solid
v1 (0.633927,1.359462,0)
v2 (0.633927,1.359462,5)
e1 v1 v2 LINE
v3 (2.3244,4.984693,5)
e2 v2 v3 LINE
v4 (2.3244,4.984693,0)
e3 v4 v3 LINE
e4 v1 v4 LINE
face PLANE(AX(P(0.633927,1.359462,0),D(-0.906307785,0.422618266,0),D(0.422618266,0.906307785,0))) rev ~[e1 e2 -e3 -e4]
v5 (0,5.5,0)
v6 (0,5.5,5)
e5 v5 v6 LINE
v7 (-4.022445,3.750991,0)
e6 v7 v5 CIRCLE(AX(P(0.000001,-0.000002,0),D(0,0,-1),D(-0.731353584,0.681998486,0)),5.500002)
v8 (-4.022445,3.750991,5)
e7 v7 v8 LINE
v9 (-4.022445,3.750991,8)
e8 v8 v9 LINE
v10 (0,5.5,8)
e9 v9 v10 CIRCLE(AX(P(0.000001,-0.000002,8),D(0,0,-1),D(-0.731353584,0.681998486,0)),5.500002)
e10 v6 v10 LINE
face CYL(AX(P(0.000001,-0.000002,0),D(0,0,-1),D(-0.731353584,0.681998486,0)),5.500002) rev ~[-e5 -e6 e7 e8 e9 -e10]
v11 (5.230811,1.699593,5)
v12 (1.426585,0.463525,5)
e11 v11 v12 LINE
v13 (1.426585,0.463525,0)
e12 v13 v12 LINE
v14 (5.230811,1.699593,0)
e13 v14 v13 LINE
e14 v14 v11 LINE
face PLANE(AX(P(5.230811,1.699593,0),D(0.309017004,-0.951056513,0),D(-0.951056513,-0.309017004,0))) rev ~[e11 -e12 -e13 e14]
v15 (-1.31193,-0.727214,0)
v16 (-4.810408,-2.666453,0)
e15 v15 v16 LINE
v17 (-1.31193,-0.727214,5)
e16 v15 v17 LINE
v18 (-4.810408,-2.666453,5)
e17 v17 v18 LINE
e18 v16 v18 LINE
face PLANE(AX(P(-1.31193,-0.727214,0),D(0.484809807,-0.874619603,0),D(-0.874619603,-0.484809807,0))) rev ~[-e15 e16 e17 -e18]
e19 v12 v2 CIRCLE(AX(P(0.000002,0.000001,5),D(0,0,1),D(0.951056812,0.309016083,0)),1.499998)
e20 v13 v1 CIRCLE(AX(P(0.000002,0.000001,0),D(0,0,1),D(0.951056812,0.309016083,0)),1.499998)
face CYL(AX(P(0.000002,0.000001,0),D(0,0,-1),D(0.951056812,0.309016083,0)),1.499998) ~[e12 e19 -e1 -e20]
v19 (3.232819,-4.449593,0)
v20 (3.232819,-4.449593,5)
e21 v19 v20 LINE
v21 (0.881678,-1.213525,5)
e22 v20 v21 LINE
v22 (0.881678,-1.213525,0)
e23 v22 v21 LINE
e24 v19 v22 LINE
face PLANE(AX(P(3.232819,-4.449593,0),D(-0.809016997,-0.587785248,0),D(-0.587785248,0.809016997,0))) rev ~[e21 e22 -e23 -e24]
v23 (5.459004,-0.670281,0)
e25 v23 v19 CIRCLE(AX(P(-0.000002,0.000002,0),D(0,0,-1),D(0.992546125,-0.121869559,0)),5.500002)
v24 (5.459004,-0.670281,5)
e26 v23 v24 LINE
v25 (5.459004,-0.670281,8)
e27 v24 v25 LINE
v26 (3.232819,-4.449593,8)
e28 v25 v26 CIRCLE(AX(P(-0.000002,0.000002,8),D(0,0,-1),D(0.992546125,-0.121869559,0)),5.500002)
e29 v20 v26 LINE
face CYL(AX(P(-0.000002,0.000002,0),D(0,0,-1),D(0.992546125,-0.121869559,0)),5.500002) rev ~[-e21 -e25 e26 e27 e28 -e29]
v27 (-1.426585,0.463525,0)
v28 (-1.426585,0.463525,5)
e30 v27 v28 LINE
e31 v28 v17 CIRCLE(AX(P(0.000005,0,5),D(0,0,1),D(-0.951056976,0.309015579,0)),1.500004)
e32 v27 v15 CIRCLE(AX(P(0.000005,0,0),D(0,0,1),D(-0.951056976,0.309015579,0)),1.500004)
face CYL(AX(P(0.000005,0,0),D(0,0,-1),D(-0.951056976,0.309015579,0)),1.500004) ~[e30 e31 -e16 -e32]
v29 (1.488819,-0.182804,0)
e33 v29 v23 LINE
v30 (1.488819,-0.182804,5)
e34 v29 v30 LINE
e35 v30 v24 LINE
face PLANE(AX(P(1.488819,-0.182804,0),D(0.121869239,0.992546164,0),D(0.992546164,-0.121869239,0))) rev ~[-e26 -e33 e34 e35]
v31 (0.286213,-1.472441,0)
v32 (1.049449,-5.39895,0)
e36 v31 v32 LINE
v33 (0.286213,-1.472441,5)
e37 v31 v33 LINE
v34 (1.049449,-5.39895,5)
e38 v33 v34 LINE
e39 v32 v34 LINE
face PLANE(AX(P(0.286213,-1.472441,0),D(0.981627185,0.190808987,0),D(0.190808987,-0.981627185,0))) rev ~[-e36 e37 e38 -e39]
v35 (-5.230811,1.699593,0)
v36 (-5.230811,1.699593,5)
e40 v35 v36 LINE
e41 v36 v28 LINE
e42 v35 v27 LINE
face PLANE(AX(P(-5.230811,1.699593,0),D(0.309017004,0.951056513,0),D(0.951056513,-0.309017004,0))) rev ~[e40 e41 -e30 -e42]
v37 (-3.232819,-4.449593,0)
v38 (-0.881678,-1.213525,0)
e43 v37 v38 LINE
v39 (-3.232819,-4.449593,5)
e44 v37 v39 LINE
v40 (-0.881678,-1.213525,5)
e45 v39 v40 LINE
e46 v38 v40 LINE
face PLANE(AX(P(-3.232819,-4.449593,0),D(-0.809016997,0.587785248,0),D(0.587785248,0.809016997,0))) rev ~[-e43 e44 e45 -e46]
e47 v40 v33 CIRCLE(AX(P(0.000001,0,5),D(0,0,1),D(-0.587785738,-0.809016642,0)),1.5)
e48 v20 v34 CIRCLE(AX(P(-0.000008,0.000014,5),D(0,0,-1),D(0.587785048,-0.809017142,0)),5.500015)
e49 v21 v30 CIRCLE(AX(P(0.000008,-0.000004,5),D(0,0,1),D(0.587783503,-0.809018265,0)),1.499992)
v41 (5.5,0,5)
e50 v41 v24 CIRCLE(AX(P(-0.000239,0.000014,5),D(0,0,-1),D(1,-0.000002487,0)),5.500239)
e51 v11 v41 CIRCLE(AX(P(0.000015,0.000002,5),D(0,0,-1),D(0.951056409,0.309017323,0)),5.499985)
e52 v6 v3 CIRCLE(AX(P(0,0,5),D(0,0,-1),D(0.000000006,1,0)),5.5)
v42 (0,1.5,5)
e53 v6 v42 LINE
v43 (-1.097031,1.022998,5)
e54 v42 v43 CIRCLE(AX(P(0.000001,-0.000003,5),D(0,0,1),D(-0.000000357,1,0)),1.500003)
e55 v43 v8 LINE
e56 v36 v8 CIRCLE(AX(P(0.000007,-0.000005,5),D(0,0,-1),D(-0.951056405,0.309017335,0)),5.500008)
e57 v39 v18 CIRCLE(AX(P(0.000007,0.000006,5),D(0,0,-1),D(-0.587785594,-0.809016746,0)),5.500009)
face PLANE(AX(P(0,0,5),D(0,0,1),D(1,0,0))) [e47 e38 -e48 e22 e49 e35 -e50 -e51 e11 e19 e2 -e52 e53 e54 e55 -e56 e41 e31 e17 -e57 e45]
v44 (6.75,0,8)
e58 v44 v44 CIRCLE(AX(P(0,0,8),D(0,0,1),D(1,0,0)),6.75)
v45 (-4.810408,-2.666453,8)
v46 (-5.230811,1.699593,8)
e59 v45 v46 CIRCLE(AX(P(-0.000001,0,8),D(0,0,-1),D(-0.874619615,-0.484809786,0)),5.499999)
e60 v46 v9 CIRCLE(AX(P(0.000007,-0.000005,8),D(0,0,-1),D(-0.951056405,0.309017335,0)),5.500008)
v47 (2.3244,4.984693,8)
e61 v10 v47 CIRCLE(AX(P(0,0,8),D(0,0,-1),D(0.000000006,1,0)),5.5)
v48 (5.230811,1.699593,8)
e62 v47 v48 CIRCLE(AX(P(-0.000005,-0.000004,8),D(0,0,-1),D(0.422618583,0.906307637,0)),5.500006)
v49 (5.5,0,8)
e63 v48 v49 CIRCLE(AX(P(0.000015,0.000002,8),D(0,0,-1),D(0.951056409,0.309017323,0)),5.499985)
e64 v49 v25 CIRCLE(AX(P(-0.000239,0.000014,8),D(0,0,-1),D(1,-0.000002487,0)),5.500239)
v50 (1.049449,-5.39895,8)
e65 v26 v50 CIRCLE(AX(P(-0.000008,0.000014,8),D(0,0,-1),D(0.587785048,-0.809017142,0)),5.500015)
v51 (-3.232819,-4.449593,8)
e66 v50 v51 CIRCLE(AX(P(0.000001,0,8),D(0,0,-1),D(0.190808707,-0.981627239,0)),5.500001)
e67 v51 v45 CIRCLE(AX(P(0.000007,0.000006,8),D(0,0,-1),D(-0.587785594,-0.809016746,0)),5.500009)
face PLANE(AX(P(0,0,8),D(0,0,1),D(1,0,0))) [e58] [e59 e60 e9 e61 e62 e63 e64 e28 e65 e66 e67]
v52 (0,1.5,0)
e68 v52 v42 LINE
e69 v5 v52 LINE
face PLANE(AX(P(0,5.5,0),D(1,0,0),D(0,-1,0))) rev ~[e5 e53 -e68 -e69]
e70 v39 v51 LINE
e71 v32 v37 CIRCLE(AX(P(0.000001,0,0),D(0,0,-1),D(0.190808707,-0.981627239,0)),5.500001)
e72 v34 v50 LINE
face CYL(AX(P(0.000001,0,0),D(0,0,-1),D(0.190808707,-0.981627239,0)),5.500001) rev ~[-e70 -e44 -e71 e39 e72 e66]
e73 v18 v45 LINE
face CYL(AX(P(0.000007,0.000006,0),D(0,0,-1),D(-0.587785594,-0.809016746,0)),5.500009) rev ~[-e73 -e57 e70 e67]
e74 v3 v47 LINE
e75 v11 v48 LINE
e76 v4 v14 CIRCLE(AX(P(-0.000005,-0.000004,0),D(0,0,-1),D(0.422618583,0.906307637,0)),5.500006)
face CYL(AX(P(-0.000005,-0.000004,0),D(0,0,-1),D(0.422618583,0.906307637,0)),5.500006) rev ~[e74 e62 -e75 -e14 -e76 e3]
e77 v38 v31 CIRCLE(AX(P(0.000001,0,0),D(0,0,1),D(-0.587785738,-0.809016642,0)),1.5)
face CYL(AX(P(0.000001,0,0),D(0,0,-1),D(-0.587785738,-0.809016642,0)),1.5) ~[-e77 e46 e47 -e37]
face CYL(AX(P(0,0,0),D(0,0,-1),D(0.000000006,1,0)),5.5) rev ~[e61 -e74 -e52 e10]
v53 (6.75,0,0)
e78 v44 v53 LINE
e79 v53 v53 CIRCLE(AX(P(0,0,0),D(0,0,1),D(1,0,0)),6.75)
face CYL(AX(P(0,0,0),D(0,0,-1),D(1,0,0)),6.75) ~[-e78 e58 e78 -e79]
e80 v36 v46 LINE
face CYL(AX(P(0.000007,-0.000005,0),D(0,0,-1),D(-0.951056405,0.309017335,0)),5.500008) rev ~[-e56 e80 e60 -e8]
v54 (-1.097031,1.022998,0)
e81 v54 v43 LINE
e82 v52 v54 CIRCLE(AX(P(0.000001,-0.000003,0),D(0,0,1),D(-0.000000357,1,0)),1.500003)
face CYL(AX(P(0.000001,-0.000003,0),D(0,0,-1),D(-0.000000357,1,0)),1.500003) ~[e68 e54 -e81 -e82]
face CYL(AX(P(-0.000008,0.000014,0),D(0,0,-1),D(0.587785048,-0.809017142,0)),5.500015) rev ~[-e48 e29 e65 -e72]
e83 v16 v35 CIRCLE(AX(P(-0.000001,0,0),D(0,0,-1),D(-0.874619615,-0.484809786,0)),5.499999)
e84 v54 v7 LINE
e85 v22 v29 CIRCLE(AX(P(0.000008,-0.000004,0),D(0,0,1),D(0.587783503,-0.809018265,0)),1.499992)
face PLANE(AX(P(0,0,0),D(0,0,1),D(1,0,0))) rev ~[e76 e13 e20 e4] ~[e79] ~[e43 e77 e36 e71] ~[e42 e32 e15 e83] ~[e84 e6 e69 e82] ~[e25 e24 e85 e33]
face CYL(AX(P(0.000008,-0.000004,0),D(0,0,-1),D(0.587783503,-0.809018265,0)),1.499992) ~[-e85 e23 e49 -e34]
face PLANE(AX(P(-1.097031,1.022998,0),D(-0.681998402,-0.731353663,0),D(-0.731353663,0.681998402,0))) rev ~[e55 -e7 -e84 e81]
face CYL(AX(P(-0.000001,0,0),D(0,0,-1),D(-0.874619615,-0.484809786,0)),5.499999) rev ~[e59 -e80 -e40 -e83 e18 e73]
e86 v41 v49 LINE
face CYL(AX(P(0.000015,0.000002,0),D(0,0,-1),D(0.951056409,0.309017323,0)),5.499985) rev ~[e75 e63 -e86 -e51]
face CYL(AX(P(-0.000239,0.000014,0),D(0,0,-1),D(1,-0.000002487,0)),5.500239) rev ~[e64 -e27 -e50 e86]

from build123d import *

# Parameters (mm, degrees)
F0_R     = 6.75
F1_DEPTH = 8
F2_DEPTH = 5


with BuildPart() as f1:
    # F0 (on Top) → F1 (new body)
    with BuildSketch(Plane.XY):
        Circle(F0_R)
        with BuildLine():
            ThreePointArc((5.230811, 1.699593), (5.432286, 0.86039), (5.5, 0))
            ThreePointArc((5.5, 0), (5.489741, -0.335767), (5.459004, -0.670281))
            ThreePointArc((5.459004, -0.670281), (4.73896, -2.791461), (3.232819, -4.449593))
            ThreePointArc((3.232819, -4.449593), (2.19312, -5.04383), (1.049449, -5.39895))
            ThreePointArc((1.049449, -5.39895), (-1.190418, -5.369628), (-3.232819, -4.449593))
            ThreePointArc((-3.232819, -4.449593), (-4.119256, -3.64441), (-4.810408, -2.666453))
            ThreePointArc((-4.810408, -2.666453), (-5.474679, -0.527152), (-5.230811, 1.699593))
            ThreePointArc((-5.230811, 1.699593), (-4.73896, 2.791461), (-4.022445, 3.750991))
            ThreePointArc((-4.022445, 3.750991), (-2.19312, 5.04383), (0, 5.5))
            ThreePointArc((0, 5.5), (1.190418, 5.369628), (2.3244, 4.984693))
            ThreePointArc((2.3244, 4.984693), (4.119256, 3.64441), (5.230811, 1.699593))
        make_face(mode=Mode.SUBTRACT)
    extrude(amount=F1_DEPTH)

    # F0 (on Top) → F2 (join)
    with BuildSketch(Plane.XY):
        Circle(F0_R)
        with BuildLine():
            ThreePointArc((5.230811, 1.699593), (5.432286, 0.86039), (5.5, 0))
            ThreePointArc((5.5, 0), (5.489741, -0.335767), (5.459004, -0.670281))
            ThreePointArc((5.459004, -0.670281), (4.73896, -2.791461), (3.232819, -4.449593))
            ThreePointArc((3.232819, -4.449593), (2.19312, -5.04383), (1.049449, -5.39895))
            ThreePointArc((1.049449, -5.39895), (-1.190418, -5.369628), (-3.232819, -4.449593))
            ThreePointArc((-3.232819, -4.449593), (-4.119256, -3.64441), (-4.810408, -2.666453))
            ThreePointArc((-4.810408, -2.666453), (-5.474679, -0.527152), (-5.230811, 1.699593))
            ThreePointArc((-5.230811, 1.699593), (-4.73896, 2.791461), (-4.022445, 3.750991))
            ThreePointArc((-4.022445, 3.750991), (-2.19312, 5.04383), (0, 5.5))
            ThreePointArc((0, 5.5), (1.190418, 5.369628), (2.3244, 4.984693))
            ThreePointArc((2.3244, 4.984693), (4.119256, 3.64441), (5.230811, 1.699593))
        make_face(mode=Mode.SUBTRACT)
        with BuildLine():
            Line((0.633927, 1.359462), (2.3244, 4.984693))
            ThreePointArc((2.3244, 4.984693), (1.190418, 5.369628), (0, 5.5))
            Line((0, 5.5), (0, 1.5))
            ThreePointArc((0, 1.5), (0.324659, 1.464444), (0.633927, 1.359462))
        make_face()
        with BuildLine():
            Line((-1.097031, 1.022998), (-4.022445, 3.750991))
            ThreePointArc((-4.022445, 3.750991), (-4.73896, 2.791461), (-5.230811, 1.699593))
            Line((-5.230811, 1.699593), (-1.426585, 0.463525))
            ThreePointArc((-1.426585, 0.463525), (-1.292444, 0.761308), (-1.097031, 1.022998))
        make_face()
        with BuildLine():
            ThreePointArc((-4.810408, -2.666453), (-4.119256, -3.64441), (-3.232819, -4.449593))
            Line((-3.232819, -4.449593), (-0.881678, -1.213525))
            ThreePointArc((-0.881678, -1.213525), (-1.123434, -0.99393), (-1.31193, -0.727214))
            Line((-1.31193, -0.727214), (-4.810408, -2.666453))
        make_face()
        with BuildLine():
            ThreePointArc((1.049449, -5.39895), (2.19312, -5.04383), (3.232819, -4.449593))
            Line((3.232819, -4.449593), (0.881678, -1.213525))
            ThreePointArc((0.881678, -1.213525), (0.598124, -1.37559), (0.286213, -1.472441))
            Line((0.286213, -1.472441), (1.049449, -5.39895))
        make_face()
        with BuildLine():
            ThreePointArc((5.459004, -0.670281), (5.489741, -0.335767), (5.5, 0))
            ThreePointArc((5.5, 0), (5.432286, 0.86039), (5.230811, 1.699593))
            Line((5.230811, 1.699593), (1.426585, 0.463525))
            ThreePointArc((1.426585, 0.463525), (1.481533, 0.234652), (1.5, 0))
            ThreePointArc((1.5, 0), (1.497202, -0.091573), (1.488819, -0.182804))
            Line((1.488819, -0.182804), (5.459004, -0.670281))
        make_face()
        with BuildLine():
            ThreePointArc((1.5, 0), (1.481533, 0.234652), (1.426585, 0.463525))
            ThreePointArc((1.426585, 0.463525), (1.123434, 0.99393), (0.633927, 1.359462))
            ThreePointArc((0.633927, 1.359462), (0.324659, 1.464444), (0, 1.5))
            ThreePointArc((0, 1.5), (-0.598124, 1.37559), (-1.097031, 1.022998))
            ThreePointArc((-1.097031, 1.022998), (-1.292444, 0.761308), (-1.426585, 0.463525))
            ThreePointArc((-1.426585, 0.463525), (-1.493094, -0.143769), (-1.31193, -0.727214))
            ThreePointArc((-1.31193, -0.727214), (-1.123434, -0.99393), (-0.881678, -1.213525))
            ThreePointArc((-0.881678, -1.213525), (-0.324659, -1.464444), (0.286213, -1.472441))
            ThreePointArc((0.286213, -1.472441), (0.598124, -1.37559), (0.881678, -1.213525))
            ThreePointArc((0.881678, -1.213525), (1.292444, -0.761308), (1.488819, -0.182804))
            ThreePointArc((1.488819, -0.182804), (1.497202, -0.091573), (1.5, 0))
        make_face()
    extrude(amount=F2_DEPTH)


solid = f1.part
